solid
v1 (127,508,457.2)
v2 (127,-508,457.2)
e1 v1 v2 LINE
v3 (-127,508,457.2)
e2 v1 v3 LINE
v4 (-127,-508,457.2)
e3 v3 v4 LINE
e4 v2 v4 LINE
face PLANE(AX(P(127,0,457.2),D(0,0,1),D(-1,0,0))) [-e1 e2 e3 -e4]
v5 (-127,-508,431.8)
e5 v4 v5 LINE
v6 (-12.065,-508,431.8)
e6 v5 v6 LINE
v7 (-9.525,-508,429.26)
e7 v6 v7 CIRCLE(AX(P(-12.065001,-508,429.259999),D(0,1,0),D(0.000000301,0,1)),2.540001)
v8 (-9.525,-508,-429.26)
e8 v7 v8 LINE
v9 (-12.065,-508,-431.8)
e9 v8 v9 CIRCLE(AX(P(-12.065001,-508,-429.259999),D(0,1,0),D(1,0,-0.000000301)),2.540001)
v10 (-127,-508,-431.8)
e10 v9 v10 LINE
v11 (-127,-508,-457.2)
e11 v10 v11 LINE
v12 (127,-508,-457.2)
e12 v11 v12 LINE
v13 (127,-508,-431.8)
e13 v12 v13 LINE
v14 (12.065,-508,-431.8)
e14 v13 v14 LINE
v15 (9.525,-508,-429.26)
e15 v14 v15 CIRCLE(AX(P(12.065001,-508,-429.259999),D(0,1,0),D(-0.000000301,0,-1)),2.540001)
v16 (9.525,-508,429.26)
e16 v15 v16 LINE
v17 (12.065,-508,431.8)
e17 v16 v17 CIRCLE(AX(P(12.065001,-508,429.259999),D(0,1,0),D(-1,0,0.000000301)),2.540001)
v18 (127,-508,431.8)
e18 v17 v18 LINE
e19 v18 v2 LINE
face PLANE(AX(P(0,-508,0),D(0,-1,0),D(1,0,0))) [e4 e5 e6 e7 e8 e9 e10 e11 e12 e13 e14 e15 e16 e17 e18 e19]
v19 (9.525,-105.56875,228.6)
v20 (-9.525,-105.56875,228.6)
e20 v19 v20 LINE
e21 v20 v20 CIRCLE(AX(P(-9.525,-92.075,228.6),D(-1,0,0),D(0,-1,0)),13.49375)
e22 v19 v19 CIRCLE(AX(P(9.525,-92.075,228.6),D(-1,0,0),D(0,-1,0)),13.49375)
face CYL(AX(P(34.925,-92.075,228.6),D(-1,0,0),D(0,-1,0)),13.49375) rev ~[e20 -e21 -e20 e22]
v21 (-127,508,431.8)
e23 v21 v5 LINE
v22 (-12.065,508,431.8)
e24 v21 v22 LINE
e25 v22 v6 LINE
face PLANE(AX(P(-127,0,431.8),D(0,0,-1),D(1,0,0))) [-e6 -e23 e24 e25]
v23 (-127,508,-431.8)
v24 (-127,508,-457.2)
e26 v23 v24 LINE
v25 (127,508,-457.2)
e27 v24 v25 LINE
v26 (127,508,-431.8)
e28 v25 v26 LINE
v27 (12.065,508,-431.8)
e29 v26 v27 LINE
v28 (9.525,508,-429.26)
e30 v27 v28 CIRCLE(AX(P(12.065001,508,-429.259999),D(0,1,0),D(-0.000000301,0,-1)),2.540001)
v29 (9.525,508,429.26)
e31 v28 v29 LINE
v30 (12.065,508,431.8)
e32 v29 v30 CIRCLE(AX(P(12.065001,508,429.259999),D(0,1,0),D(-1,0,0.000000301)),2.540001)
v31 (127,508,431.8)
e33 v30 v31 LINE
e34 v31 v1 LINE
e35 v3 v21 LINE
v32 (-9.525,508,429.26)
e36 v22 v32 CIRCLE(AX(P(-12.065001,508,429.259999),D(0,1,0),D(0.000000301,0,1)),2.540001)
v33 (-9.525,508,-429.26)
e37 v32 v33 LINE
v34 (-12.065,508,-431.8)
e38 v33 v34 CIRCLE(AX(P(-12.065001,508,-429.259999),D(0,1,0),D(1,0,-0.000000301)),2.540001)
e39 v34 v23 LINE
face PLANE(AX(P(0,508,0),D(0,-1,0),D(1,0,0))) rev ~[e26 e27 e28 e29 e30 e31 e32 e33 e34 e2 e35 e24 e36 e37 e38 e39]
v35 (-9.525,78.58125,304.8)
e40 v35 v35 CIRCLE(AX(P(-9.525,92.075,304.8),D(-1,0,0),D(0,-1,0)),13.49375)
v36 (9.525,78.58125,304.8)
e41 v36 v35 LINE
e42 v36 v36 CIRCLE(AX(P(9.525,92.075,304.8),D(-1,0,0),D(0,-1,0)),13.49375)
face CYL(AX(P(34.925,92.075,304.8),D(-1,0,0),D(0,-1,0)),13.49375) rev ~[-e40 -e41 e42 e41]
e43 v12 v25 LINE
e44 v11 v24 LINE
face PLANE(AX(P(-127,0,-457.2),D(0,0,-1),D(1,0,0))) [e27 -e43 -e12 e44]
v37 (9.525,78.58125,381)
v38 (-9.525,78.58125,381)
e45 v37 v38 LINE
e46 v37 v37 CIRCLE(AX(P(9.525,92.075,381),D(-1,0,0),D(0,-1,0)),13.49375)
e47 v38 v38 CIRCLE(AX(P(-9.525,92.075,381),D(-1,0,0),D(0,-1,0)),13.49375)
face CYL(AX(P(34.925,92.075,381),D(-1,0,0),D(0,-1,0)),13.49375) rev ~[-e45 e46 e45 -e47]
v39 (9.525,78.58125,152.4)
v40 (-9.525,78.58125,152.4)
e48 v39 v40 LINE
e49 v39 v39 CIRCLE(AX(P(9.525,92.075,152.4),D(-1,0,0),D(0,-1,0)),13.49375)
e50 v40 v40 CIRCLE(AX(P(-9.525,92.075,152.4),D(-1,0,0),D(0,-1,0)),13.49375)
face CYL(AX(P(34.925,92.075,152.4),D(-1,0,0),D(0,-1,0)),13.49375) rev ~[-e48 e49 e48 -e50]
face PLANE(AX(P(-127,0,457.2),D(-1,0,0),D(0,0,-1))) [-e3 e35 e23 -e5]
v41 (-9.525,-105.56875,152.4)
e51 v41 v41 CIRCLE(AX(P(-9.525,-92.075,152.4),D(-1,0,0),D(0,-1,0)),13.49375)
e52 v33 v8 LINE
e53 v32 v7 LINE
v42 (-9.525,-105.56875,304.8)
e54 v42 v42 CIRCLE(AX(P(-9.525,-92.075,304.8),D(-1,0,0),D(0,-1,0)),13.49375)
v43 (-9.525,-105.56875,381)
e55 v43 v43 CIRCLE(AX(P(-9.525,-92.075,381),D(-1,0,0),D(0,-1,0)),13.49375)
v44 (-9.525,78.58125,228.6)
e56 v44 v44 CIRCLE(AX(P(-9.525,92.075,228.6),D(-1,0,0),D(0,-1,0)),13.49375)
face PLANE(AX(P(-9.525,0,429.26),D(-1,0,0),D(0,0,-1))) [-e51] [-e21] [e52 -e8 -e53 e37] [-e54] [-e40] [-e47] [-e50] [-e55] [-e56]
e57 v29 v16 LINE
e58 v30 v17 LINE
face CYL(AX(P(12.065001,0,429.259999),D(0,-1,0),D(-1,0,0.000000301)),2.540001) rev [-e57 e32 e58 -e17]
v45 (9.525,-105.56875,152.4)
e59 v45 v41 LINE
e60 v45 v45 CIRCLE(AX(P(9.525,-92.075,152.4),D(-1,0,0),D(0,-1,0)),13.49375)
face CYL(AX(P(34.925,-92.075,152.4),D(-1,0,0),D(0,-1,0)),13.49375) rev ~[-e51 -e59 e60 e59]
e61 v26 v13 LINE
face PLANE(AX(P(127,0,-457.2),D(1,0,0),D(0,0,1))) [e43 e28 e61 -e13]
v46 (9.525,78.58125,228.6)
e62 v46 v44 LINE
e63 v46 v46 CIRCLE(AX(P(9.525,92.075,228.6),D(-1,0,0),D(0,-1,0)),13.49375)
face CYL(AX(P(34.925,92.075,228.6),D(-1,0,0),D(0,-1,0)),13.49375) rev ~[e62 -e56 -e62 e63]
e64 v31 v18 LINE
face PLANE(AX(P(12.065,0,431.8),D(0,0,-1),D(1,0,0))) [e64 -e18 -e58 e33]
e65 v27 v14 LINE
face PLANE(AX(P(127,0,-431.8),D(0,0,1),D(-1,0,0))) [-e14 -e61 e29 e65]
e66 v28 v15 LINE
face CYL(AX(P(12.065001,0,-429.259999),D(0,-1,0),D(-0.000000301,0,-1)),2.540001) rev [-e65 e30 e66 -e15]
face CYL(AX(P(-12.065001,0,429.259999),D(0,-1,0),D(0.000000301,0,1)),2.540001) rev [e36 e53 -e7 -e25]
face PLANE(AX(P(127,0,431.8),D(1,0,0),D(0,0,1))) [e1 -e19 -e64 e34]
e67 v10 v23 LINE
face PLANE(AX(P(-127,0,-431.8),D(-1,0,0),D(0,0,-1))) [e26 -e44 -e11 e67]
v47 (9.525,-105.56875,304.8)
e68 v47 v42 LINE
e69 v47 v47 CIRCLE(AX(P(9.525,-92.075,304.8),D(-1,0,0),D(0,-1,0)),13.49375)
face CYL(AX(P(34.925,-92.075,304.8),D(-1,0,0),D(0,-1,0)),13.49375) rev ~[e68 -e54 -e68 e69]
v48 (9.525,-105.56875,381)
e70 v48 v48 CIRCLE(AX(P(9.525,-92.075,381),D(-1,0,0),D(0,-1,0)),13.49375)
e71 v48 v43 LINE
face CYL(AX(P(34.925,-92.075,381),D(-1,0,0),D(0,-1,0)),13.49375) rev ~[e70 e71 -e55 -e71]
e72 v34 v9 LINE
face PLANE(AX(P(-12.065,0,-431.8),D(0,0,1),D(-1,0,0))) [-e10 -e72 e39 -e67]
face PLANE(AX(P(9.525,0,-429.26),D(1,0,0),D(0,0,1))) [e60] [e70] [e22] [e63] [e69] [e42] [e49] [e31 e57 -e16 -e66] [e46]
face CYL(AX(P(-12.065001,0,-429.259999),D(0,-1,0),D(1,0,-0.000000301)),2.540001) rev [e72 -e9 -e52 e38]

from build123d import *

# Parameters (mm, degrees)
F1_DEPTH = 508
F3_D     = 26.9875
F3_DEPTH = 25.4
F4_D     = 26.9875
F4_DEPTH = 25.4


with BuildPart() as f1:
    # F0 (on Front) → F1 (new body, symmetric)
    with BuildSketch(Plane.XZ):
        with BuildLine():
            Line((127, -457.2), (127, -431.8))
            Line((127, -431.8), (12.065, -431.8))
            ThreePointArc((12.065, -431.8), (10.268949, -431.056051), (9.525, -429.26))
            Line((9.525, -429.26), (9.525, 429.26))
            ThreePointArc((9.525, 429.26), (10.268949, 431.056051), (12.065, 431.8))
            Line((12.065, 431.8), (127, 431.8))
            Line((127, 431.8), (127, 457.2))
            Line((127, 457.2), (-127, 457.2))
            Line((-127, 457.2), (-127, 431.8))
            Line((-127, 431.8), (-12.065, 431.8))
            ThreePointArc((-12.065, 431.8), (-10.268949, 431.056051), (-9.525, 429.26))
            Line((-9.525, 429.26), (-9.525, -429.26))
            ThreePointArc((-9.525, -429.26), (-10.268949, -431.056051), (-12.065, -431.8))
            Line((-12.065, -431.8), (-127, -431.8))
            Line((-127, -431.8), (-127, -457.2))
            Line((-127, -457.2), (127, -457.2))
        make_face()
    extrude(amount=F1_DEPTH, both=True)

    # F3
    with Locations(Plane.YZ.offset(9.525)):
        with Locations((92.075, 381), (92.075, 304.8), (92.075, 228.6), (92.075, 152.4)):
            Hole(F3_D / 2, depth=F3_DEPTH)

    # F4
    with Locations(Plane.YZ.offset(9.525)):
        with Locations((-92.075, 381), (-92.075, 304.8), (-92.075, 228.6), (-92.075, 152.4)):
            Hole(F4_D / 2, depth=F4_DEPTH)


solid = f1.part
